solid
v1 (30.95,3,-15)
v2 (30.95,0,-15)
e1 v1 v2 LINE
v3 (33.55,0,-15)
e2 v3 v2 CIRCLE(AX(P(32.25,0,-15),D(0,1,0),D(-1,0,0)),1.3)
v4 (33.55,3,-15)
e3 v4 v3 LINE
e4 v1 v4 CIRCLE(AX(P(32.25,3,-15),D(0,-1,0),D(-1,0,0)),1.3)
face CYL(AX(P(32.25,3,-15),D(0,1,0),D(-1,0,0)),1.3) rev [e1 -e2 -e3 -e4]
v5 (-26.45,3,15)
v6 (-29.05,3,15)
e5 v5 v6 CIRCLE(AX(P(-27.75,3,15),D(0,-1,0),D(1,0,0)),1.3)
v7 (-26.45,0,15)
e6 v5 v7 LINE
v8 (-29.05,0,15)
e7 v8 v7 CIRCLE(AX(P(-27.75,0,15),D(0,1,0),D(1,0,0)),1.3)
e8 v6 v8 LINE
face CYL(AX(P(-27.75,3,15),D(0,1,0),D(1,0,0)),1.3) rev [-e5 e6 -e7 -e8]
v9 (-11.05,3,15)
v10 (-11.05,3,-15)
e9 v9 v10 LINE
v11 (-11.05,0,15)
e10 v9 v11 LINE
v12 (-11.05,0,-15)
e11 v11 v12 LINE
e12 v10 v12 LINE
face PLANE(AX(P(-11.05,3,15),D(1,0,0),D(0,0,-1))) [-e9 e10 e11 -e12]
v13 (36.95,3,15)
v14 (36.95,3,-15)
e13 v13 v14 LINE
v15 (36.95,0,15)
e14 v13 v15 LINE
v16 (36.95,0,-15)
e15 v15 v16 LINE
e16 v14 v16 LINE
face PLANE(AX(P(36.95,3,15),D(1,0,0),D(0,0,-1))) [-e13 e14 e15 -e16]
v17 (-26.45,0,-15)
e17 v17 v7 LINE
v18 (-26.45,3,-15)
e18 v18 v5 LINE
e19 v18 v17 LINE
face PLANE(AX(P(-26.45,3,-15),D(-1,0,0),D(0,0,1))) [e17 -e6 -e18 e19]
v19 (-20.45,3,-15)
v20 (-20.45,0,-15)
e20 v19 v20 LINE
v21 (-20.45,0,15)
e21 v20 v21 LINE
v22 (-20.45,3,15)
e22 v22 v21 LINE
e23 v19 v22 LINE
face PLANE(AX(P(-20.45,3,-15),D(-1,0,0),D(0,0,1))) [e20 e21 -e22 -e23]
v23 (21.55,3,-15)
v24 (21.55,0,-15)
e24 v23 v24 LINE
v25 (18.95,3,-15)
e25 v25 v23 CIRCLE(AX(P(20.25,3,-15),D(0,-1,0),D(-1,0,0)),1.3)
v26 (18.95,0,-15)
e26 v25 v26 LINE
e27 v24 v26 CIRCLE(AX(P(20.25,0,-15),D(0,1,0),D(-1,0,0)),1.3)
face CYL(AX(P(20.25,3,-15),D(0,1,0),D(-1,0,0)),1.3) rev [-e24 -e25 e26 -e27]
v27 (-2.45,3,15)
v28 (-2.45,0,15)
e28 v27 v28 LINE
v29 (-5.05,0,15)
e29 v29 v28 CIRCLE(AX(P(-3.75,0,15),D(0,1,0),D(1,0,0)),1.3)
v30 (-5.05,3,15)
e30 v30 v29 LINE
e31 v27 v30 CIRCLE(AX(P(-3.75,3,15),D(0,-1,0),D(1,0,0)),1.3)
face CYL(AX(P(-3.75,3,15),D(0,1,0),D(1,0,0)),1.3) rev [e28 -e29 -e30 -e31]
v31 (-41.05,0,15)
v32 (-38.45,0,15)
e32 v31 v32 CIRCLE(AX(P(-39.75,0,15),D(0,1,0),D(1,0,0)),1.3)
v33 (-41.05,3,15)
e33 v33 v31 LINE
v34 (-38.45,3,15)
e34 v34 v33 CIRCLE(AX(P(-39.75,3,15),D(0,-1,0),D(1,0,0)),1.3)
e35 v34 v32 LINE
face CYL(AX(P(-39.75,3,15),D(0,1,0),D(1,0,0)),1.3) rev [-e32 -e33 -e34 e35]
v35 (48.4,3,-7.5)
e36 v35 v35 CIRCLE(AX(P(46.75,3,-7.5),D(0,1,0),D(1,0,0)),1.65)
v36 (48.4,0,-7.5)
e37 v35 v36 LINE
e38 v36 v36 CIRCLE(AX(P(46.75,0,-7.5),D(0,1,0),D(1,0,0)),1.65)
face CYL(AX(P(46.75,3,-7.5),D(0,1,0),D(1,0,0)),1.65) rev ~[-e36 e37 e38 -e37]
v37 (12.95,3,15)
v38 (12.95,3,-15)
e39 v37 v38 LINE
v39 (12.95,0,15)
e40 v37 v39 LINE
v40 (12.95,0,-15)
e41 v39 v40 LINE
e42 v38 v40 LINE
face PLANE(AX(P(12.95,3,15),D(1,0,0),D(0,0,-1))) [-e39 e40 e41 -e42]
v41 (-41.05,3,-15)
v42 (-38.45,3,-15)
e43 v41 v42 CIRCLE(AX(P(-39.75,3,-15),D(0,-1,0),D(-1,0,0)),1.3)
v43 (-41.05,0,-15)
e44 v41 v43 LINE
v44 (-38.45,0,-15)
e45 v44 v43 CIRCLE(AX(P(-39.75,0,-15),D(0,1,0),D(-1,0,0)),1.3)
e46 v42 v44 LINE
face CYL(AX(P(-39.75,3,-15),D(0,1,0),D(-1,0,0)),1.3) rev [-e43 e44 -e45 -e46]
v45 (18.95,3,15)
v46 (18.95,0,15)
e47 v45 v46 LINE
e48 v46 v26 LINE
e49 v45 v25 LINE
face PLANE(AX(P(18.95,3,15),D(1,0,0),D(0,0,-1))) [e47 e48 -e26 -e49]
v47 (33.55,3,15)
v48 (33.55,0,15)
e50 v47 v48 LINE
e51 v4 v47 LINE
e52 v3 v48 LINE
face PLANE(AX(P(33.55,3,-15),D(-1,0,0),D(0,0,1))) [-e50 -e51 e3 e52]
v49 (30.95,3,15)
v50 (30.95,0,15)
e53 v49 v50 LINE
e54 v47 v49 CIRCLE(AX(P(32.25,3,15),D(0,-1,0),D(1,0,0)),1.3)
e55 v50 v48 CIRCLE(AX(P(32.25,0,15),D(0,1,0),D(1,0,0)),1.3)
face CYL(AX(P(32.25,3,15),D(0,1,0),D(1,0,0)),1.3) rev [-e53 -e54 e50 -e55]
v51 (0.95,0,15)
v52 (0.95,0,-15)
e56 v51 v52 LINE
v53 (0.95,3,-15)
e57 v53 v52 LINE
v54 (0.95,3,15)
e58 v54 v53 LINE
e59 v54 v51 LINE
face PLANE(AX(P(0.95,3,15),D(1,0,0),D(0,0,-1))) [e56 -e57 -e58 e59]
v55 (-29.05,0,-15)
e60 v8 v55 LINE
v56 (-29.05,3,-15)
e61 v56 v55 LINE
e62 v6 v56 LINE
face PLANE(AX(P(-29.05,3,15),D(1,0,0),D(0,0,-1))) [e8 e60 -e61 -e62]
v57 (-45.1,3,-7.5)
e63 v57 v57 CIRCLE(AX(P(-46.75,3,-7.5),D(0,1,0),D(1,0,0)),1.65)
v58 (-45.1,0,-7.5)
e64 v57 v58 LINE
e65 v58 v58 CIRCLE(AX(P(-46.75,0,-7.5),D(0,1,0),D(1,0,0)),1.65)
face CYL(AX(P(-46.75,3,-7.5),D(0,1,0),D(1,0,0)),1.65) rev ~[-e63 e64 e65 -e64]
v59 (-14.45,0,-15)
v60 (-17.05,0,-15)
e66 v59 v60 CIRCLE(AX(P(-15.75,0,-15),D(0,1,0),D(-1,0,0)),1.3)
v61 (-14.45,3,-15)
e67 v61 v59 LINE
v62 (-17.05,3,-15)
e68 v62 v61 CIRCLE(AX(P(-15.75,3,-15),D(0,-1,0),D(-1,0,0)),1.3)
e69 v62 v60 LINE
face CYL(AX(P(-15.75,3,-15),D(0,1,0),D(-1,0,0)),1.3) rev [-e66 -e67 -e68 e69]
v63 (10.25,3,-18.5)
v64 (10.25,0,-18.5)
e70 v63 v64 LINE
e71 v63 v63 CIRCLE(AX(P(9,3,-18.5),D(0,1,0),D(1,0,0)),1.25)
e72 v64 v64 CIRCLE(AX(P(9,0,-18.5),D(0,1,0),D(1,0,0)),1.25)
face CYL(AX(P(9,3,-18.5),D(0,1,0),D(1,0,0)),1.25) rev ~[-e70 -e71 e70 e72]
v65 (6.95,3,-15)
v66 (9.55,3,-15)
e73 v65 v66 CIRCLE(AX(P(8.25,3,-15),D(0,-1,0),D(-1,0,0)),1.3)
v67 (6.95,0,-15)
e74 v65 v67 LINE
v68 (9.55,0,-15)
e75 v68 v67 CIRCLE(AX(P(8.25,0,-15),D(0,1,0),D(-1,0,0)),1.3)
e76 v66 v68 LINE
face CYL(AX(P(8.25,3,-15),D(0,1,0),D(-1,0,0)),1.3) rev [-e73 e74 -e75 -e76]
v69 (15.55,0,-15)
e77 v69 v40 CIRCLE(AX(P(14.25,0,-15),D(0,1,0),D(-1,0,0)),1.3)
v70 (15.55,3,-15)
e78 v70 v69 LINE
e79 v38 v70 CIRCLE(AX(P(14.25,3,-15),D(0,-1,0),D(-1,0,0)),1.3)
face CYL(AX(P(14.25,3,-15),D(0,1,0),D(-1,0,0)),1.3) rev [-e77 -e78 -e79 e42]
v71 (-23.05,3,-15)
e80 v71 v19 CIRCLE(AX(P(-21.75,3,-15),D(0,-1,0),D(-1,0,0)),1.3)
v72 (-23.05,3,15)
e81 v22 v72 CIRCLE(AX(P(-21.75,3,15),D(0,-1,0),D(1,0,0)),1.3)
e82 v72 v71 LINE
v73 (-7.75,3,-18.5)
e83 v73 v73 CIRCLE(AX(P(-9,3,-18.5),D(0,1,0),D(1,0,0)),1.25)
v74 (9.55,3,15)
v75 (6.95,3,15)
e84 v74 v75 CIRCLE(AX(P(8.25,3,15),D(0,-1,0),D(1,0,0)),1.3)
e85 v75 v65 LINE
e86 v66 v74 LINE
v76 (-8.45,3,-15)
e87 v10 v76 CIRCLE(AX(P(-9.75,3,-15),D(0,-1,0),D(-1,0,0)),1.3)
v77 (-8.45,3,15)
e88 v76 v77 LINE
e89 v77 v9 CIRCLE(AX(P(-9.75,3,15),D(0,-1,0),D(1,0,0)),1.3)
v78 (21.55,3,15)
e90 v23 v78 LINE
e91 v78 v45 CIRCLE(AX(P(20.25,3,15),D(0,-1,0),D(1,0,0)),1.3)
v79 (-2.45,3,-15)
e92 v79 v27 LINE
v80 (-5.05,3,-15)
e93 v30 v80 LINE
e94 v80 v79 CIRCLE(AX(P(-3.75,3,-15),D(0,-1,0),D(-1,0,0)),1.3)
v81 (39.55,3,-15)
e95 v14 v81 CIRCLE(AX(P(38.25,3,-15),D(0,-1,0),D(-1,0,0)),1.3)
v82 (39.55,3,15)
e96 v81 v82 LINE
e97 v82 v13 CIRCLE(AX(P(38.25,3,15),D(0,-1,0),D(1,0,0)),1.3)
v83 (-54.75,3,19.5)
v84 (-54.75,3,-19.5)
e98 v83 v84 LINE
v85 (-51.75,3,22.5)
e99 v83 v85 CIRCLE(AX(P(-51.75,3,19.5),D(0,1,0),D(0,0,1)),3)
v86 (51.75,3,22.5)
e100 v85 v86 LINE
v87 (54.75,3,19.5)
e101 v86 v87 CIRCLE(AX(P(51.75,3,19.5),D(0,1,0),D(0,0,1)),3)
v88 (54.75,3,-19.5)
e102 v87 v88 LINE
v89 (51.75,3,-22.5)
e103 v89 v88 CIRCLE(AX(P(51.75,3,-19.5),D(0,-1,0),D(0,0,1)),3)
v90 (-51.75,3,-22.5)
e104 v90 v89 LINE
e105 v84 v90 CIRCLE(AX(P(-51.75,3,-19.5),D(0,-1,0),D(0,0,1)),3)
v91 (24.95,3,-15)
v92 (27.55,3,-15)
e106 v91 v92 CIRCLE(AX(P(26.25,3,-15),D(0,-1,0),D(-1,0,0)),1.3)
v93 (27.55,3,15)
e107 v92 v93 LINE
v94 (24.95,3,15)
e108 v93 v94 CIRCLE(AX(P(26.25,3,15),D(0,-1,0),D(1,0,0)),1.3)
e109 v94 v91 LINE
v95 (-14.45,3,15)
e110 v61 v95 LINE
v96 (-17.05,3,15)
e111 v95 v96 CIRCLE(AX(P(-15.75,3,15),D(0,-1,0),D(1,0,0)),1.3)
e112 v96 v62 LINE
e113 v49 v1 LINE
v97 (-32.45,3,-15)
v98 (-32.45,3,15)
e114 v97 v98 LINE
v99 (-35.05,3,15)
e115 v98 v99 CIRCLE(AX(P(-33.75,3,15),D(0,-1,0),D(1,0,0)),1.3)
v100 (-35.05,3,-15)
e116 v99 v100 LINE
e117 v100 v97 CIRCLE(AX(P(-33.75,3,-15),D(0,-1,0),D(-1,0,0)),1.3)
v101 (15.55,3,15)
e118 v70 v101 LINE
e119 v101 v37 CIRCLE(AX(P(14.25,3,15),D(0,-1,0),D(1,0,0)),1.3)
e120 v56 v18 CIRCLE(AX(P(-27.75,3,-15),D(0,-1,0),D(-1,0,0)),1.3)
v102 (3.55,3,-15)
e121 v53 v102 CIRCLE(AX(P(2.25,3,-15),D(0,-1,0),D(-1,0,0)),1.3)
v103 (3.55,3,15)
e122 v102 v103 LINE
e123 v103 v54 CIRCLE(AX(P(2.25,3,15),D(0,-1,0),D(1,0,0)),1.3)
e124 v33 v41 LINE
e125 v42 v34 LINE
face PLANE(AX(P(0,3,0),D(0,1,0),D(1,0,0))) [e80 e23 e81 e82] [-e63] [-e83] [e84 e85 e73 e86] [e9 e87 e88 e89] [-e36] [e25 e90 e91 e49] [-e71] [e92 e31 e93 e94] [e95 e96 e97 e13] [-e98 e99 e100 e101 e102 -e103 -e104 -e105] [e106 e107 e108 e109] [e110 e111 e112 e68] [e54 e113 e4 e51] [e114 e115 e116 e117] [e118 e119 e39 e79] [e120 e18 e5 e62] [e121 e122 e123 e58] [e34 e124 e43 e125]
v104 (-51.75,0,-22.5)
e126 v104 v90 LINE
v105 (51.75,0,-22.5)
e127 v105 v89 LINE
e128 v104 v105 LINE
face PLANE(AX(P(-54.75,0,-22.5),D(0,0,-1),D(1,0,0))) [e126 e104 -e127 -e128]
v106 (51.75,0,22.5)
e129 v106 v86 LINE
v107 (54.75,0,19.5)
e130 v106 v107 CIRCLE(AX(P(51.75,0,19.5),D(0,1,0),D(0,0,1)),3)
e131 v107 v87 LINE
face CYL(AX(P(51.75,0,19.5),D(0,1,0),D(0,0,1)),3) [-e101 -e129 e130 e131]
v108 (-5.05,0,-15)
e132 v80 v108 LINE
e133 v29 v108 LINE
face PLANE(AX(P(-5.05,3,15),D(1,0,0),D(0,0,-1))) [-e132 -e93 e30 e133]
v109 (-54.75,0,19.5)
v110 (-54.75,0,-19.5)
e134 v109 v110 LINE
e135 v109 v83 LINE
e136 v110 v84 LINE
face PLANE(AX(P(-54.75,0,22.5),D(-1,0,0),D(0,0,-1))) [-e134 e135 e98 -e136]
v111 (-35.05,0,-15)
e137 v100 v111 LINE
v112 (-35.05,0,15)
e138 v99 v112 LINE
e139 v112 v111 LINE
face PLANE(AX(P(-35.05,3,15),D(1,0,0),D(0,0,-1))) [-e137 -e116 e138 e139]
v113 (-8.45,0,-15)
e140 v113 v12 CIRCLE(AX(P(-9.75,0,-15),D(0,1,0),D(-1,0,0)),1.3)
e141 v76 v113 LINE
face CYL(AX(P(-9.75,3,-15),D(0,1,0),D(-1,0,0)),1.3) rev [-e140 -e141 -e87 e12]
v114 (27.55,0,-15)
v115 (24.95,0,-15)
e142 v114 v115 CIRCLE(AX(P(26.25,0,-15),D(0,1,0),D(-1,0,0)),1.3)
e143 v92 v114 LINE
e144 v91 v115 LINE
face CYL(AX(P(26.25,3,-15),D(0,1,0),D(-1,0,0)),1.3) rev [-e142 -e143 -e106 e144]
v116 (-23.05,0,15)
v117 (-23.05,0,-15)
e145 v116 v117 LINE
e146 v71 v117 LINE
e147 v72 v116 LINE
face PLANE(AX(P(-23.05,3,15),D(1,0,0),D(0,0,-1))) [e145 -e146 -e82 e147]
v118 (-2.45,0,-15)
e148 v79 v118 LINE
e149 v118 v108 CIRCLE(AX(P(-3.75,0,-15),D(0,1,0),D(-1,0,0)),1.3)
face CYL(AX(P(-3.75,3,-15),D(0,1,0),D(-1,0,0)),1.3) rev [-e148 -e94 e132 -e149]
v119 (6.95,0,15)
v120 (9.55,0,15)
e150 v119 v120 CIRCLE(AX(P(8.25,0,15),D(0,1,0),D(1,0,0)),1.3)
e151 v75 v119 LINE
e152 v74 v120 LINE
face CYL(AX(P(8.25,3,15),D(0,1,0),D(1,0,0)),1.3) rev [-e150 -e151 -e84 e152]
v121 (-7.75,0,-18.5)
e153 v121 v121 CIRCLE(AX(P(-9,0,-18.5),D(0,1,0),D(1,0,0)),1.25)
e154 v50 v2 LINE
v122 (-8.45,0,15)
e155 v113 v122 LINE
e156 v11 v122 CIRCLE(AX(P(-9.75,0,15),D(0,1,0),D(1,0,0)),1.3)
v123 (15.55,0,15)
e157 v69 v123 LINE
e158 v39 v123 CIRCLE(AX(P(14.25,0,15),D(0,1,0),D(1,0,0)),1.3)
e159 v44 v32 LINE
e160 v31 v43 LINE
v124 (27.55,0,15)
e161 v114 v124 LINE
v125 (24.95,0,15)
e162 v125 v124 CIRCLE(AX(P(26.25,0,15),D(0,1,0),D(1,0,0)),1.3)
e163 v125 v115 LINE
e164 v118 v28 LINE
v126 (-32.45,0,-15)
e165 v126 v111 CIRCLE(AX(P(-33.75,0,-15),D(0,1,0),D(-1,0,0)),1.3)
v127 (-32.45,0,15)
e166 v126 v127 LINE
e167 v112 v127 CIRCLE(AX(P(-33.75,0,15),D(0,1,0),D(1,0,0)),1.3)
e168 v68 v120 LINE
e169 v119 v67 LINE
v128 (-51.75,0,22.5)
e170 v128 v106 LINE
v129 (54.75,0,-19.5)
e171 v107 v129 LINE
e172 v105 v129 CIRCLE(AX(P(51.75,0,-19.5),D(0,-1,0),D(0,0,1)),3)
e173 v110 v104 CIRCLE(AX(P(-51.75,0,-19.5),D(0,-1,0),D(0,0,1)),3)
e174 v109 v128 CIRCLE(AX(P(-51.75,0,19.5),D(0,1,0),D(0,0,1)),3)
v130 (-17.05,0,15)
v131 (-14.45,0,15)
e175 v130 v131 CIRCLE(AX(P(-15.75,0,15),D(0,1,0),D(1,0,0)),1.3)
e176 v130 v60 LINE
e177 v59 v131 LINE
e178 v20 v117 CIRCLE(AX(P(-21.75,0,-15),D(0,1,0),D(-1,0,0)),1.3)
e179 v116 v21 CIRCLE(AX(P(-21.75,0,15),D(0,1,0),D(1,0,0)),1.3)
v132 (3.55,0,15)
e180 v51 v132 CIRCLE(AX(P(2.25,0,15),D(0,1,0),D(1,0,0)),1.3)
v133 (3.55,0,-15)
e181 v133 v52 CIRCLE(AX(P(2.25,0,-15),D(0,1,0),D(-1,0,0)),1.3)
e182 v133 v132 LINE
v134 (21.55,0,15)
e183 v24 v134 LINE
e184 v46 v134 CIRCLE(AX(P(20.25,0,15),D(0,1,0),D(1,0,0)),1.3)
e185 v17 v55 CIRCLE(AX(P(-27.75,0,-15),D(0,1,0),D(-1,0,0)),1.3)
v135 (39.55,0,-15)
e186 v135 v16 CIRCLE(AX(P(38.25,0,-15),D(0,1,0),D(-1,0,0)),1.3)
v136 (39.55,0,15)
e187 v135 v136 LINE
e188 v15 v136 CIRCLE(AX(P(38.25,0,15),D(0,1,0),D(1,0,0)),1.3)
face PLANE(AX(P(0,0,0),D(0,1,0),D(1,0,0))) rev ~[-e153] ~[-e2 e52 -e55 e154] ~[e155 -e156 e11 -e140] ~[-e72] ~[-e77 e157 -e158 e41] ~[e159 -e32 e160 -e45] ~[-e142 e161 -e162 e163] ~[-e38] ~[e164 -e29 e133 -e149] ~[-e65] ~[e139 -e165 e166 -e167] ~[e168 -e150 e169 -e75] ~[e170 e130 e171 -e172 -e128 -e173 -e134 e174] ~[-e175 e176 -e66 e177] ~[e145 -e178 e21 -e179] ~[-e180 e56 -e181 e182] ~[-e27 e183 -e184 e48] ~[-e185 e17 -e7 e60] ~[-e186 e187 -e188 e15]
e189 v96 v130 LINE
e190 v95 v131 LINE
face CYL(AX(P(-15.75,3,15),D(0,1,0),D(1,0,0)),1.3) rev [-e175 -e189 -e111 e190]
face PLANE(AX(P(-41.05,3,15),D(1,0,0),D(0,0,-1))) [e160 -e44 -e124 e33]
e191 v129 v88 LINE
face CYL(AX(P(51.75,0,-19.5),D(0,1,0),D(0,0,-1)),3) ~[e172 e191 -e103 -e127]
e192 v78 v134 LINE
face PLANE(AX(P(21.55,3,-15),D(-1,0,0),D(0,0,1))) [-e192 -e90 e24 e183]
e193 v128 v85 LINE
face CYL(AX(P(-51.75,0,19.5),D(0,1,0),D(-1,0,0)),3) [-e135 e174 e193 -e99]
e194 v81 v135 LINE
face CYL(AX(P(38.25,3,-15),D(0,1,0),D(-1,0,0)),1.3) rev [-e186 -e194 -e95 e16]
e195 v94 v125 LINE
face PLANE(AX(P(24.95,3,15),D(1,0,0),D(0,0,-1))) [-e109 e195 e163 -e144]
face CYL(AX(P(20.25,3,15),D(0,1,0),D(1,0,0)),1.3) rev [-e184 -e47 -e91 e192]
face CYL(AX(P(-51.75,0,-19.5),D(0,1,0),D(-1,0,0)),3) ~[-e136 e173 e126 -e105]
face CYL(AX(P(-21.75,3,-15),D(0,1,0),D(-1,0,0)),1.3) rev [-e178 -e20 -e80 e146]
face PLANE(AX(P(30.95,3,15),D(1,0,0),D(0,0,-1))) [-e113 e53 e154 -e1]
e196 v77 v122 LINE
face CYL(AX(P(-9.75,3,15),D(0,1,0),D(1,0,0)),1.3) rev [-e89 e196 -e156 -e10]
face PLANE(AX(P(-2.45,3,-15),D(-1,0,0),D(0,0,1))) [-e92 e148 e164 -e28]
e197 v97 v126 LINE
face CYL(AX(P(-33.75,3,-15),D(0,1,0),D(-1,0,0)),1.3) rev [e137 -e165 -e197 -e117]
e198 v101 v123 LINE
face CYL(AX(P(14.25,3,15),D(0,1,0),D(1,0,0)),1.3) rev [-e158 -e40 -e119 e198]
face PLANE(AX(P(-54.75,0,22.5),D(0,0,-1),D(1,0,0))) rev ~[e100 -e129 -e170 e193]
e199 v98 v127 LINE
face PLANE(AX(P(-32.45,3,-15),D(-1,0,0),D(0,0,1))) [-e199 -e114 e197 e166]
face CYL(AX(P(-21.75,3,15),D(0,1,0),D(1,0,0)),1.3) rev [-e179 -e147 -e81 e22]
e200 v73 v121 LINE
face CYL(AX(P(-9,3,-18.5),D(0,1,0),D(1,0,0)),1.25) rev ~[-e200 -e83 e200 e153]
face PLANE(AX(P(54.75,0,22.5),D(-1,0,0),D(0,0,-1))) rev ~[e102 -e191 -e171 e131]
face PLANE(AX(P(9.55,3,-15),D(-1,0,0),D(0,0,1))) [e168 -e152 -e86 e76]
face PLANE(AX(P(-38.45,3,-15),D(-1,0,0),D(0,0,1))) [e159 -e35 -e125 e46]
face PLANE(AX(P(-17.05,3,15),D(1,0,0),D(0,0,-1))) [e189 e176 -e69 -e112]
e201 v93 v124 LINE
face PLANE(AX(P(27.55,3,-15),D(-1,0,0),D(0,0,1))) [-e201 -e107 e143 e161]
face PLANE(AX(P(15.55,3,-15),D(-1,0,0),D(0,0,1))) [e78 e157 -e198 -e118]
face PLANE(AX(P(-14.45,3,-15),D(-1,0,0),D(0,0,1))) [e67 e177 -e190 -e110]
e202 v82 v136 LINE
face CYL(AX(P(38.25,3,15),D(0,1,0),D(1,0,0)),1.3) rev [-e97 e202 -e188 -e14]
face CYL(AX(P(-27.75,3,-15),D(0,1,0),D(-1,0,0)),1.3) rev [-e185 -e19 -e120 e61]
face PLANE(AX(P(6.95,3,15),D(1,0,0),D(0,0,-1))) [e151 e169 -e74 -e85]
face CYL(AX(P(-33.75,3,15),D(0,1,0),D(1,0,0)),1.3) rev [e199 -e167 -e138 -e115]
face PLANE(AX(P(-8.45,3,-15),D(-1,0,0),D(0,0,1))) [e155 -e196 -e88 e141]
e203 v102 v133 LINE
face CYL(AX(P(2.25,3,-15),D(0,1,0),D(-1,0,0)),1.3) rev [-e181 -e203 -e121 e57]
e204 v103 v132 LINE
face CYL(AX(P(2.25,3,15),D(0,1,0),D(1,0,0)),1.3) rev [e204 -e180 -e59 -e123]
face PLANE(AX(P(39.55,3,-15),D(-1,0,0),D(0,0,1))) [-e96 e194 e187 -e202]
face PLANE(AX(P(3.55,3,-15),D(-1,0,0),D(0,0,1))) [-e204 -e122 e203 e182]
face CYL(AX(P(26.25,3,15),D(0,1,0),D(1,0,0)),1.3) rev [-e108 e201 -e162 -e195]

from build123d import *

# Parameters (mm, degrees)
SKETCH_1_W          = 109.5
SKETCH_1_H          = 45
EXTRUDE_1_DEPTH     = 3
SKETCH_2_R          = 1.25
CUT_EXTRUDE_1_DEPTH = 10
SKETCH_3_R          = 1.65
CUT_EXTRUDE_2_DEPTH = 10
FILLET_1_R          = 3
CUT_EXTRUDE_3_DEPTH = 4


with BuildPart() as part:
    # 草图1 → 凸台-拉伸1 (new body)
    with BuildSketch(Plane(origin=(0, 0, 0), x_dir=(1, 0, 0), z_dir=(0, 1, 0))):
        Rectangle(SKETCH_1_W, SKETCH_1_H)
    extrude(amount=EXTRUDE_1_DEPTH)

    # 草图2 → 切除-拉伸1 (cut)
    with BuildSketch(Plane(origin=(0, 3, 0), x_dir=(1, 0, 0), z_dir=(0, 1, 0))):
        with Locations((9, 18.5)):
            Circle(SKETCH_2_R)
        with Locations((-9, 18.5)):
            Circle(SKETCH_2_R)
    extrude(amount=-CUT_EXTRUDE_1_DEPTH, mode=Mode.SUBTRACT)

    # 草图3 → 切除-拉伸2 (cut)
    with BuildSketch(Plane(origin=(0, 3, 0), x_dir=(1, 0, 0), z_dir=(0, 1, 0))):
        with Locations((-46.75, 7.5)):
            Circle(SKETCH_3_R)
        with Locations((46.75, 7.5)):
            Circle(SKETCH_3_R)
    extrude(amount=-CUT_EXTRUDE_2_DEPTH, mode=Mode.SUBTRACT)

    # 圆角1
    fillet_1_edges = [part.edges().sort_by_distance(p)[0] for p in [
        (54.75, 1.5, 22.5),
        (-54.75, 1.5, 22.5),
        (-54.75, 1.5, -22.5),
        (54.75, 1.5, -22.5),
    ]]
    fillet(fillet_1_edges, radius=FILLET_1_R)

    # 草图4 → 切除-拉伸3 (cut, through all)
    with BuildSketch(Plane(origin=(0, 3, 0), x_dir=(1, 0, 0), z_dir=(0, 1, 0))):
        with BuildLine():
            Line((-38.45, 15), (-38.45, -15))
            ThreePointArc((-38.45, -15), (-39.75, -16.3), (-41.05, -15))
            Line((-41.05, -15), (-41.05, 15))
            ThreePointArc((-41.05, 15), (-39.75, 16.3), (-38.45, 15))
        make_face()
        with BuildLine():
            Line((-32.45, 15), (-32.45, -15))
            ThreePointArc((-32.45, -15), (-33.75, -16.3), (-35.05, -15))
            Line((-35.05, -15), (-35.05, 15))
            ThreePointArc((-35.05, 15), (-33.75, 16.3), (-32.45, 15))
        make_face()
        with BuildLine():
            Line((-26.45, 15), (-26.45, -15))
            ThreePointArc((-26.45, -15), (-27.75, -16.3), (-29.05, -15))
            Line((-29.05, -15), (-29.05, 15))
            ThreePointArc((-29.05, 15), (-27.75, 16.3), (-26.45, 15))
        make_face()
        with BuildLine():
            Line((-20.45, 15), (-20.45, -15))
            ThreePointArc((-20.45, -15), (-21.75, -16.3), (-23.05, -15))
            Line((-23.05, -15), (-23.05, 15))
            ThreePointArc((-23.05, 15), (-21.75, 16.3), (-20.45, 15))
        make_face()
        with BuildLine():
            Line((-14.45, 15), (-14.45, -15))
            ThreePointArc((-14.45, -15), (-15.75, -16.3), (-17.05, -15))
            Line((-17.05, -15), (-17.05, 15))
            ThreePointArc((-17.05, 15), (-15.75, 16.3), (-14.45, 15))
        make_face()
        with BuildLine():
            Line((-8.45, 15), (-8.45, -15))
            ThreePointArc((-8.45, -15), (-9.75, -16.3), (-11.05, -15))
            Line((-11.05, -15), (-11.05, 15))
            ThreePointArc((-11.05, 15), (-9.75, 16.3), (-8.45, 15))
        make_face()
        with BuildLine():
            Line((-2.45, 15), (-2.45, -15))
            ThreePointArc((-2.45, -15), (-3.75, -16.3), (-5.05, -15))
            Line((-5.05, -15), (-5.05, 15))
            ThreePointArc((-5.05, 15), (-3.75, 16.3), (-2.45, 15))
        make_face()
        with BuildLine():
            Line((3.55, 15), (3.55, -15))
            ThreePointArc((3.55, -15), (2.25, -16.3), (0.95, -15))
            Line((0.95, -15), (0.95, 15))
            ThreePointArc((0.95, 15), (2.25, 16.3), (3.55, 15))
        make_face()
        with BuildLine():
            Line((9.55, 15), (9.55, -15))
            ThreePointArc((9.55, -15), (8.25, -16.3), (6.95, -15))
            Line((6.95, -15), (6.95, 15))
            ThreePointArc((6.95, 15), (8.25, 16.3), (9.55, 15))
        make_face()
        with BuildLine():
            Line((15.55, 15), (15.55, -15))
            ThreePointArc((15.55, -15), (14.25, -16.3), (12.95, -15))
            Line((12.95, -15), (12.95, 15))
            ThreePointArc((12.95, 15), (14.25, 16.3), (15.55, 15))
        make_face()
        with BuildLine():
            Line((21.55, 15), (21.55, -15))
            ThreePointArc((21.55, -15), (20.25, -16.3), (18.95, -15))
            Line((18.95, -15), (18.95, 15))
            ThreePointArc((18.95, 15), (20.25, 16.3), (21.55, 15))
        make_face()
        with BuildLine():
            Line((27.55, 15), (27.55, -15))
            ThreePointArc((27.55, -15), (26.25, -16.3), (24.95, -15))
            Line((24.95, -15), (24.95, 15))
            ThreePointArc((24.95, 15), (26.25, 16.3), (27.55, 15))
        make_face()
        with BuildLine():
            Line((33.55, 15), (33.55, -15))
            ThreePointArc((33.55, -15), (32.25, -16.3), (30.95, -15))
            Line((30.95, -15), (30.95, 15))
            ThreePointArc((30.95, 15), (32.25, 16.3), (33.55, 15))
        make_face()
        with BuildLine():
            Line((39.55, 15), (39.55, -15))
            ThreePointArc((39.55, -15), (38.25, -16.3), (36.95, -15))
            Line((36.95, -15), (36.95, 15))
            ThreePointArc((36.95, 15), (38.25, 16.3), (39.55, 15))
        make_face()
    extrude(amount=-CUT_EXTRUDE_3_DEPTH, mode=Mode.SUBTRACT)


solid = part.part
